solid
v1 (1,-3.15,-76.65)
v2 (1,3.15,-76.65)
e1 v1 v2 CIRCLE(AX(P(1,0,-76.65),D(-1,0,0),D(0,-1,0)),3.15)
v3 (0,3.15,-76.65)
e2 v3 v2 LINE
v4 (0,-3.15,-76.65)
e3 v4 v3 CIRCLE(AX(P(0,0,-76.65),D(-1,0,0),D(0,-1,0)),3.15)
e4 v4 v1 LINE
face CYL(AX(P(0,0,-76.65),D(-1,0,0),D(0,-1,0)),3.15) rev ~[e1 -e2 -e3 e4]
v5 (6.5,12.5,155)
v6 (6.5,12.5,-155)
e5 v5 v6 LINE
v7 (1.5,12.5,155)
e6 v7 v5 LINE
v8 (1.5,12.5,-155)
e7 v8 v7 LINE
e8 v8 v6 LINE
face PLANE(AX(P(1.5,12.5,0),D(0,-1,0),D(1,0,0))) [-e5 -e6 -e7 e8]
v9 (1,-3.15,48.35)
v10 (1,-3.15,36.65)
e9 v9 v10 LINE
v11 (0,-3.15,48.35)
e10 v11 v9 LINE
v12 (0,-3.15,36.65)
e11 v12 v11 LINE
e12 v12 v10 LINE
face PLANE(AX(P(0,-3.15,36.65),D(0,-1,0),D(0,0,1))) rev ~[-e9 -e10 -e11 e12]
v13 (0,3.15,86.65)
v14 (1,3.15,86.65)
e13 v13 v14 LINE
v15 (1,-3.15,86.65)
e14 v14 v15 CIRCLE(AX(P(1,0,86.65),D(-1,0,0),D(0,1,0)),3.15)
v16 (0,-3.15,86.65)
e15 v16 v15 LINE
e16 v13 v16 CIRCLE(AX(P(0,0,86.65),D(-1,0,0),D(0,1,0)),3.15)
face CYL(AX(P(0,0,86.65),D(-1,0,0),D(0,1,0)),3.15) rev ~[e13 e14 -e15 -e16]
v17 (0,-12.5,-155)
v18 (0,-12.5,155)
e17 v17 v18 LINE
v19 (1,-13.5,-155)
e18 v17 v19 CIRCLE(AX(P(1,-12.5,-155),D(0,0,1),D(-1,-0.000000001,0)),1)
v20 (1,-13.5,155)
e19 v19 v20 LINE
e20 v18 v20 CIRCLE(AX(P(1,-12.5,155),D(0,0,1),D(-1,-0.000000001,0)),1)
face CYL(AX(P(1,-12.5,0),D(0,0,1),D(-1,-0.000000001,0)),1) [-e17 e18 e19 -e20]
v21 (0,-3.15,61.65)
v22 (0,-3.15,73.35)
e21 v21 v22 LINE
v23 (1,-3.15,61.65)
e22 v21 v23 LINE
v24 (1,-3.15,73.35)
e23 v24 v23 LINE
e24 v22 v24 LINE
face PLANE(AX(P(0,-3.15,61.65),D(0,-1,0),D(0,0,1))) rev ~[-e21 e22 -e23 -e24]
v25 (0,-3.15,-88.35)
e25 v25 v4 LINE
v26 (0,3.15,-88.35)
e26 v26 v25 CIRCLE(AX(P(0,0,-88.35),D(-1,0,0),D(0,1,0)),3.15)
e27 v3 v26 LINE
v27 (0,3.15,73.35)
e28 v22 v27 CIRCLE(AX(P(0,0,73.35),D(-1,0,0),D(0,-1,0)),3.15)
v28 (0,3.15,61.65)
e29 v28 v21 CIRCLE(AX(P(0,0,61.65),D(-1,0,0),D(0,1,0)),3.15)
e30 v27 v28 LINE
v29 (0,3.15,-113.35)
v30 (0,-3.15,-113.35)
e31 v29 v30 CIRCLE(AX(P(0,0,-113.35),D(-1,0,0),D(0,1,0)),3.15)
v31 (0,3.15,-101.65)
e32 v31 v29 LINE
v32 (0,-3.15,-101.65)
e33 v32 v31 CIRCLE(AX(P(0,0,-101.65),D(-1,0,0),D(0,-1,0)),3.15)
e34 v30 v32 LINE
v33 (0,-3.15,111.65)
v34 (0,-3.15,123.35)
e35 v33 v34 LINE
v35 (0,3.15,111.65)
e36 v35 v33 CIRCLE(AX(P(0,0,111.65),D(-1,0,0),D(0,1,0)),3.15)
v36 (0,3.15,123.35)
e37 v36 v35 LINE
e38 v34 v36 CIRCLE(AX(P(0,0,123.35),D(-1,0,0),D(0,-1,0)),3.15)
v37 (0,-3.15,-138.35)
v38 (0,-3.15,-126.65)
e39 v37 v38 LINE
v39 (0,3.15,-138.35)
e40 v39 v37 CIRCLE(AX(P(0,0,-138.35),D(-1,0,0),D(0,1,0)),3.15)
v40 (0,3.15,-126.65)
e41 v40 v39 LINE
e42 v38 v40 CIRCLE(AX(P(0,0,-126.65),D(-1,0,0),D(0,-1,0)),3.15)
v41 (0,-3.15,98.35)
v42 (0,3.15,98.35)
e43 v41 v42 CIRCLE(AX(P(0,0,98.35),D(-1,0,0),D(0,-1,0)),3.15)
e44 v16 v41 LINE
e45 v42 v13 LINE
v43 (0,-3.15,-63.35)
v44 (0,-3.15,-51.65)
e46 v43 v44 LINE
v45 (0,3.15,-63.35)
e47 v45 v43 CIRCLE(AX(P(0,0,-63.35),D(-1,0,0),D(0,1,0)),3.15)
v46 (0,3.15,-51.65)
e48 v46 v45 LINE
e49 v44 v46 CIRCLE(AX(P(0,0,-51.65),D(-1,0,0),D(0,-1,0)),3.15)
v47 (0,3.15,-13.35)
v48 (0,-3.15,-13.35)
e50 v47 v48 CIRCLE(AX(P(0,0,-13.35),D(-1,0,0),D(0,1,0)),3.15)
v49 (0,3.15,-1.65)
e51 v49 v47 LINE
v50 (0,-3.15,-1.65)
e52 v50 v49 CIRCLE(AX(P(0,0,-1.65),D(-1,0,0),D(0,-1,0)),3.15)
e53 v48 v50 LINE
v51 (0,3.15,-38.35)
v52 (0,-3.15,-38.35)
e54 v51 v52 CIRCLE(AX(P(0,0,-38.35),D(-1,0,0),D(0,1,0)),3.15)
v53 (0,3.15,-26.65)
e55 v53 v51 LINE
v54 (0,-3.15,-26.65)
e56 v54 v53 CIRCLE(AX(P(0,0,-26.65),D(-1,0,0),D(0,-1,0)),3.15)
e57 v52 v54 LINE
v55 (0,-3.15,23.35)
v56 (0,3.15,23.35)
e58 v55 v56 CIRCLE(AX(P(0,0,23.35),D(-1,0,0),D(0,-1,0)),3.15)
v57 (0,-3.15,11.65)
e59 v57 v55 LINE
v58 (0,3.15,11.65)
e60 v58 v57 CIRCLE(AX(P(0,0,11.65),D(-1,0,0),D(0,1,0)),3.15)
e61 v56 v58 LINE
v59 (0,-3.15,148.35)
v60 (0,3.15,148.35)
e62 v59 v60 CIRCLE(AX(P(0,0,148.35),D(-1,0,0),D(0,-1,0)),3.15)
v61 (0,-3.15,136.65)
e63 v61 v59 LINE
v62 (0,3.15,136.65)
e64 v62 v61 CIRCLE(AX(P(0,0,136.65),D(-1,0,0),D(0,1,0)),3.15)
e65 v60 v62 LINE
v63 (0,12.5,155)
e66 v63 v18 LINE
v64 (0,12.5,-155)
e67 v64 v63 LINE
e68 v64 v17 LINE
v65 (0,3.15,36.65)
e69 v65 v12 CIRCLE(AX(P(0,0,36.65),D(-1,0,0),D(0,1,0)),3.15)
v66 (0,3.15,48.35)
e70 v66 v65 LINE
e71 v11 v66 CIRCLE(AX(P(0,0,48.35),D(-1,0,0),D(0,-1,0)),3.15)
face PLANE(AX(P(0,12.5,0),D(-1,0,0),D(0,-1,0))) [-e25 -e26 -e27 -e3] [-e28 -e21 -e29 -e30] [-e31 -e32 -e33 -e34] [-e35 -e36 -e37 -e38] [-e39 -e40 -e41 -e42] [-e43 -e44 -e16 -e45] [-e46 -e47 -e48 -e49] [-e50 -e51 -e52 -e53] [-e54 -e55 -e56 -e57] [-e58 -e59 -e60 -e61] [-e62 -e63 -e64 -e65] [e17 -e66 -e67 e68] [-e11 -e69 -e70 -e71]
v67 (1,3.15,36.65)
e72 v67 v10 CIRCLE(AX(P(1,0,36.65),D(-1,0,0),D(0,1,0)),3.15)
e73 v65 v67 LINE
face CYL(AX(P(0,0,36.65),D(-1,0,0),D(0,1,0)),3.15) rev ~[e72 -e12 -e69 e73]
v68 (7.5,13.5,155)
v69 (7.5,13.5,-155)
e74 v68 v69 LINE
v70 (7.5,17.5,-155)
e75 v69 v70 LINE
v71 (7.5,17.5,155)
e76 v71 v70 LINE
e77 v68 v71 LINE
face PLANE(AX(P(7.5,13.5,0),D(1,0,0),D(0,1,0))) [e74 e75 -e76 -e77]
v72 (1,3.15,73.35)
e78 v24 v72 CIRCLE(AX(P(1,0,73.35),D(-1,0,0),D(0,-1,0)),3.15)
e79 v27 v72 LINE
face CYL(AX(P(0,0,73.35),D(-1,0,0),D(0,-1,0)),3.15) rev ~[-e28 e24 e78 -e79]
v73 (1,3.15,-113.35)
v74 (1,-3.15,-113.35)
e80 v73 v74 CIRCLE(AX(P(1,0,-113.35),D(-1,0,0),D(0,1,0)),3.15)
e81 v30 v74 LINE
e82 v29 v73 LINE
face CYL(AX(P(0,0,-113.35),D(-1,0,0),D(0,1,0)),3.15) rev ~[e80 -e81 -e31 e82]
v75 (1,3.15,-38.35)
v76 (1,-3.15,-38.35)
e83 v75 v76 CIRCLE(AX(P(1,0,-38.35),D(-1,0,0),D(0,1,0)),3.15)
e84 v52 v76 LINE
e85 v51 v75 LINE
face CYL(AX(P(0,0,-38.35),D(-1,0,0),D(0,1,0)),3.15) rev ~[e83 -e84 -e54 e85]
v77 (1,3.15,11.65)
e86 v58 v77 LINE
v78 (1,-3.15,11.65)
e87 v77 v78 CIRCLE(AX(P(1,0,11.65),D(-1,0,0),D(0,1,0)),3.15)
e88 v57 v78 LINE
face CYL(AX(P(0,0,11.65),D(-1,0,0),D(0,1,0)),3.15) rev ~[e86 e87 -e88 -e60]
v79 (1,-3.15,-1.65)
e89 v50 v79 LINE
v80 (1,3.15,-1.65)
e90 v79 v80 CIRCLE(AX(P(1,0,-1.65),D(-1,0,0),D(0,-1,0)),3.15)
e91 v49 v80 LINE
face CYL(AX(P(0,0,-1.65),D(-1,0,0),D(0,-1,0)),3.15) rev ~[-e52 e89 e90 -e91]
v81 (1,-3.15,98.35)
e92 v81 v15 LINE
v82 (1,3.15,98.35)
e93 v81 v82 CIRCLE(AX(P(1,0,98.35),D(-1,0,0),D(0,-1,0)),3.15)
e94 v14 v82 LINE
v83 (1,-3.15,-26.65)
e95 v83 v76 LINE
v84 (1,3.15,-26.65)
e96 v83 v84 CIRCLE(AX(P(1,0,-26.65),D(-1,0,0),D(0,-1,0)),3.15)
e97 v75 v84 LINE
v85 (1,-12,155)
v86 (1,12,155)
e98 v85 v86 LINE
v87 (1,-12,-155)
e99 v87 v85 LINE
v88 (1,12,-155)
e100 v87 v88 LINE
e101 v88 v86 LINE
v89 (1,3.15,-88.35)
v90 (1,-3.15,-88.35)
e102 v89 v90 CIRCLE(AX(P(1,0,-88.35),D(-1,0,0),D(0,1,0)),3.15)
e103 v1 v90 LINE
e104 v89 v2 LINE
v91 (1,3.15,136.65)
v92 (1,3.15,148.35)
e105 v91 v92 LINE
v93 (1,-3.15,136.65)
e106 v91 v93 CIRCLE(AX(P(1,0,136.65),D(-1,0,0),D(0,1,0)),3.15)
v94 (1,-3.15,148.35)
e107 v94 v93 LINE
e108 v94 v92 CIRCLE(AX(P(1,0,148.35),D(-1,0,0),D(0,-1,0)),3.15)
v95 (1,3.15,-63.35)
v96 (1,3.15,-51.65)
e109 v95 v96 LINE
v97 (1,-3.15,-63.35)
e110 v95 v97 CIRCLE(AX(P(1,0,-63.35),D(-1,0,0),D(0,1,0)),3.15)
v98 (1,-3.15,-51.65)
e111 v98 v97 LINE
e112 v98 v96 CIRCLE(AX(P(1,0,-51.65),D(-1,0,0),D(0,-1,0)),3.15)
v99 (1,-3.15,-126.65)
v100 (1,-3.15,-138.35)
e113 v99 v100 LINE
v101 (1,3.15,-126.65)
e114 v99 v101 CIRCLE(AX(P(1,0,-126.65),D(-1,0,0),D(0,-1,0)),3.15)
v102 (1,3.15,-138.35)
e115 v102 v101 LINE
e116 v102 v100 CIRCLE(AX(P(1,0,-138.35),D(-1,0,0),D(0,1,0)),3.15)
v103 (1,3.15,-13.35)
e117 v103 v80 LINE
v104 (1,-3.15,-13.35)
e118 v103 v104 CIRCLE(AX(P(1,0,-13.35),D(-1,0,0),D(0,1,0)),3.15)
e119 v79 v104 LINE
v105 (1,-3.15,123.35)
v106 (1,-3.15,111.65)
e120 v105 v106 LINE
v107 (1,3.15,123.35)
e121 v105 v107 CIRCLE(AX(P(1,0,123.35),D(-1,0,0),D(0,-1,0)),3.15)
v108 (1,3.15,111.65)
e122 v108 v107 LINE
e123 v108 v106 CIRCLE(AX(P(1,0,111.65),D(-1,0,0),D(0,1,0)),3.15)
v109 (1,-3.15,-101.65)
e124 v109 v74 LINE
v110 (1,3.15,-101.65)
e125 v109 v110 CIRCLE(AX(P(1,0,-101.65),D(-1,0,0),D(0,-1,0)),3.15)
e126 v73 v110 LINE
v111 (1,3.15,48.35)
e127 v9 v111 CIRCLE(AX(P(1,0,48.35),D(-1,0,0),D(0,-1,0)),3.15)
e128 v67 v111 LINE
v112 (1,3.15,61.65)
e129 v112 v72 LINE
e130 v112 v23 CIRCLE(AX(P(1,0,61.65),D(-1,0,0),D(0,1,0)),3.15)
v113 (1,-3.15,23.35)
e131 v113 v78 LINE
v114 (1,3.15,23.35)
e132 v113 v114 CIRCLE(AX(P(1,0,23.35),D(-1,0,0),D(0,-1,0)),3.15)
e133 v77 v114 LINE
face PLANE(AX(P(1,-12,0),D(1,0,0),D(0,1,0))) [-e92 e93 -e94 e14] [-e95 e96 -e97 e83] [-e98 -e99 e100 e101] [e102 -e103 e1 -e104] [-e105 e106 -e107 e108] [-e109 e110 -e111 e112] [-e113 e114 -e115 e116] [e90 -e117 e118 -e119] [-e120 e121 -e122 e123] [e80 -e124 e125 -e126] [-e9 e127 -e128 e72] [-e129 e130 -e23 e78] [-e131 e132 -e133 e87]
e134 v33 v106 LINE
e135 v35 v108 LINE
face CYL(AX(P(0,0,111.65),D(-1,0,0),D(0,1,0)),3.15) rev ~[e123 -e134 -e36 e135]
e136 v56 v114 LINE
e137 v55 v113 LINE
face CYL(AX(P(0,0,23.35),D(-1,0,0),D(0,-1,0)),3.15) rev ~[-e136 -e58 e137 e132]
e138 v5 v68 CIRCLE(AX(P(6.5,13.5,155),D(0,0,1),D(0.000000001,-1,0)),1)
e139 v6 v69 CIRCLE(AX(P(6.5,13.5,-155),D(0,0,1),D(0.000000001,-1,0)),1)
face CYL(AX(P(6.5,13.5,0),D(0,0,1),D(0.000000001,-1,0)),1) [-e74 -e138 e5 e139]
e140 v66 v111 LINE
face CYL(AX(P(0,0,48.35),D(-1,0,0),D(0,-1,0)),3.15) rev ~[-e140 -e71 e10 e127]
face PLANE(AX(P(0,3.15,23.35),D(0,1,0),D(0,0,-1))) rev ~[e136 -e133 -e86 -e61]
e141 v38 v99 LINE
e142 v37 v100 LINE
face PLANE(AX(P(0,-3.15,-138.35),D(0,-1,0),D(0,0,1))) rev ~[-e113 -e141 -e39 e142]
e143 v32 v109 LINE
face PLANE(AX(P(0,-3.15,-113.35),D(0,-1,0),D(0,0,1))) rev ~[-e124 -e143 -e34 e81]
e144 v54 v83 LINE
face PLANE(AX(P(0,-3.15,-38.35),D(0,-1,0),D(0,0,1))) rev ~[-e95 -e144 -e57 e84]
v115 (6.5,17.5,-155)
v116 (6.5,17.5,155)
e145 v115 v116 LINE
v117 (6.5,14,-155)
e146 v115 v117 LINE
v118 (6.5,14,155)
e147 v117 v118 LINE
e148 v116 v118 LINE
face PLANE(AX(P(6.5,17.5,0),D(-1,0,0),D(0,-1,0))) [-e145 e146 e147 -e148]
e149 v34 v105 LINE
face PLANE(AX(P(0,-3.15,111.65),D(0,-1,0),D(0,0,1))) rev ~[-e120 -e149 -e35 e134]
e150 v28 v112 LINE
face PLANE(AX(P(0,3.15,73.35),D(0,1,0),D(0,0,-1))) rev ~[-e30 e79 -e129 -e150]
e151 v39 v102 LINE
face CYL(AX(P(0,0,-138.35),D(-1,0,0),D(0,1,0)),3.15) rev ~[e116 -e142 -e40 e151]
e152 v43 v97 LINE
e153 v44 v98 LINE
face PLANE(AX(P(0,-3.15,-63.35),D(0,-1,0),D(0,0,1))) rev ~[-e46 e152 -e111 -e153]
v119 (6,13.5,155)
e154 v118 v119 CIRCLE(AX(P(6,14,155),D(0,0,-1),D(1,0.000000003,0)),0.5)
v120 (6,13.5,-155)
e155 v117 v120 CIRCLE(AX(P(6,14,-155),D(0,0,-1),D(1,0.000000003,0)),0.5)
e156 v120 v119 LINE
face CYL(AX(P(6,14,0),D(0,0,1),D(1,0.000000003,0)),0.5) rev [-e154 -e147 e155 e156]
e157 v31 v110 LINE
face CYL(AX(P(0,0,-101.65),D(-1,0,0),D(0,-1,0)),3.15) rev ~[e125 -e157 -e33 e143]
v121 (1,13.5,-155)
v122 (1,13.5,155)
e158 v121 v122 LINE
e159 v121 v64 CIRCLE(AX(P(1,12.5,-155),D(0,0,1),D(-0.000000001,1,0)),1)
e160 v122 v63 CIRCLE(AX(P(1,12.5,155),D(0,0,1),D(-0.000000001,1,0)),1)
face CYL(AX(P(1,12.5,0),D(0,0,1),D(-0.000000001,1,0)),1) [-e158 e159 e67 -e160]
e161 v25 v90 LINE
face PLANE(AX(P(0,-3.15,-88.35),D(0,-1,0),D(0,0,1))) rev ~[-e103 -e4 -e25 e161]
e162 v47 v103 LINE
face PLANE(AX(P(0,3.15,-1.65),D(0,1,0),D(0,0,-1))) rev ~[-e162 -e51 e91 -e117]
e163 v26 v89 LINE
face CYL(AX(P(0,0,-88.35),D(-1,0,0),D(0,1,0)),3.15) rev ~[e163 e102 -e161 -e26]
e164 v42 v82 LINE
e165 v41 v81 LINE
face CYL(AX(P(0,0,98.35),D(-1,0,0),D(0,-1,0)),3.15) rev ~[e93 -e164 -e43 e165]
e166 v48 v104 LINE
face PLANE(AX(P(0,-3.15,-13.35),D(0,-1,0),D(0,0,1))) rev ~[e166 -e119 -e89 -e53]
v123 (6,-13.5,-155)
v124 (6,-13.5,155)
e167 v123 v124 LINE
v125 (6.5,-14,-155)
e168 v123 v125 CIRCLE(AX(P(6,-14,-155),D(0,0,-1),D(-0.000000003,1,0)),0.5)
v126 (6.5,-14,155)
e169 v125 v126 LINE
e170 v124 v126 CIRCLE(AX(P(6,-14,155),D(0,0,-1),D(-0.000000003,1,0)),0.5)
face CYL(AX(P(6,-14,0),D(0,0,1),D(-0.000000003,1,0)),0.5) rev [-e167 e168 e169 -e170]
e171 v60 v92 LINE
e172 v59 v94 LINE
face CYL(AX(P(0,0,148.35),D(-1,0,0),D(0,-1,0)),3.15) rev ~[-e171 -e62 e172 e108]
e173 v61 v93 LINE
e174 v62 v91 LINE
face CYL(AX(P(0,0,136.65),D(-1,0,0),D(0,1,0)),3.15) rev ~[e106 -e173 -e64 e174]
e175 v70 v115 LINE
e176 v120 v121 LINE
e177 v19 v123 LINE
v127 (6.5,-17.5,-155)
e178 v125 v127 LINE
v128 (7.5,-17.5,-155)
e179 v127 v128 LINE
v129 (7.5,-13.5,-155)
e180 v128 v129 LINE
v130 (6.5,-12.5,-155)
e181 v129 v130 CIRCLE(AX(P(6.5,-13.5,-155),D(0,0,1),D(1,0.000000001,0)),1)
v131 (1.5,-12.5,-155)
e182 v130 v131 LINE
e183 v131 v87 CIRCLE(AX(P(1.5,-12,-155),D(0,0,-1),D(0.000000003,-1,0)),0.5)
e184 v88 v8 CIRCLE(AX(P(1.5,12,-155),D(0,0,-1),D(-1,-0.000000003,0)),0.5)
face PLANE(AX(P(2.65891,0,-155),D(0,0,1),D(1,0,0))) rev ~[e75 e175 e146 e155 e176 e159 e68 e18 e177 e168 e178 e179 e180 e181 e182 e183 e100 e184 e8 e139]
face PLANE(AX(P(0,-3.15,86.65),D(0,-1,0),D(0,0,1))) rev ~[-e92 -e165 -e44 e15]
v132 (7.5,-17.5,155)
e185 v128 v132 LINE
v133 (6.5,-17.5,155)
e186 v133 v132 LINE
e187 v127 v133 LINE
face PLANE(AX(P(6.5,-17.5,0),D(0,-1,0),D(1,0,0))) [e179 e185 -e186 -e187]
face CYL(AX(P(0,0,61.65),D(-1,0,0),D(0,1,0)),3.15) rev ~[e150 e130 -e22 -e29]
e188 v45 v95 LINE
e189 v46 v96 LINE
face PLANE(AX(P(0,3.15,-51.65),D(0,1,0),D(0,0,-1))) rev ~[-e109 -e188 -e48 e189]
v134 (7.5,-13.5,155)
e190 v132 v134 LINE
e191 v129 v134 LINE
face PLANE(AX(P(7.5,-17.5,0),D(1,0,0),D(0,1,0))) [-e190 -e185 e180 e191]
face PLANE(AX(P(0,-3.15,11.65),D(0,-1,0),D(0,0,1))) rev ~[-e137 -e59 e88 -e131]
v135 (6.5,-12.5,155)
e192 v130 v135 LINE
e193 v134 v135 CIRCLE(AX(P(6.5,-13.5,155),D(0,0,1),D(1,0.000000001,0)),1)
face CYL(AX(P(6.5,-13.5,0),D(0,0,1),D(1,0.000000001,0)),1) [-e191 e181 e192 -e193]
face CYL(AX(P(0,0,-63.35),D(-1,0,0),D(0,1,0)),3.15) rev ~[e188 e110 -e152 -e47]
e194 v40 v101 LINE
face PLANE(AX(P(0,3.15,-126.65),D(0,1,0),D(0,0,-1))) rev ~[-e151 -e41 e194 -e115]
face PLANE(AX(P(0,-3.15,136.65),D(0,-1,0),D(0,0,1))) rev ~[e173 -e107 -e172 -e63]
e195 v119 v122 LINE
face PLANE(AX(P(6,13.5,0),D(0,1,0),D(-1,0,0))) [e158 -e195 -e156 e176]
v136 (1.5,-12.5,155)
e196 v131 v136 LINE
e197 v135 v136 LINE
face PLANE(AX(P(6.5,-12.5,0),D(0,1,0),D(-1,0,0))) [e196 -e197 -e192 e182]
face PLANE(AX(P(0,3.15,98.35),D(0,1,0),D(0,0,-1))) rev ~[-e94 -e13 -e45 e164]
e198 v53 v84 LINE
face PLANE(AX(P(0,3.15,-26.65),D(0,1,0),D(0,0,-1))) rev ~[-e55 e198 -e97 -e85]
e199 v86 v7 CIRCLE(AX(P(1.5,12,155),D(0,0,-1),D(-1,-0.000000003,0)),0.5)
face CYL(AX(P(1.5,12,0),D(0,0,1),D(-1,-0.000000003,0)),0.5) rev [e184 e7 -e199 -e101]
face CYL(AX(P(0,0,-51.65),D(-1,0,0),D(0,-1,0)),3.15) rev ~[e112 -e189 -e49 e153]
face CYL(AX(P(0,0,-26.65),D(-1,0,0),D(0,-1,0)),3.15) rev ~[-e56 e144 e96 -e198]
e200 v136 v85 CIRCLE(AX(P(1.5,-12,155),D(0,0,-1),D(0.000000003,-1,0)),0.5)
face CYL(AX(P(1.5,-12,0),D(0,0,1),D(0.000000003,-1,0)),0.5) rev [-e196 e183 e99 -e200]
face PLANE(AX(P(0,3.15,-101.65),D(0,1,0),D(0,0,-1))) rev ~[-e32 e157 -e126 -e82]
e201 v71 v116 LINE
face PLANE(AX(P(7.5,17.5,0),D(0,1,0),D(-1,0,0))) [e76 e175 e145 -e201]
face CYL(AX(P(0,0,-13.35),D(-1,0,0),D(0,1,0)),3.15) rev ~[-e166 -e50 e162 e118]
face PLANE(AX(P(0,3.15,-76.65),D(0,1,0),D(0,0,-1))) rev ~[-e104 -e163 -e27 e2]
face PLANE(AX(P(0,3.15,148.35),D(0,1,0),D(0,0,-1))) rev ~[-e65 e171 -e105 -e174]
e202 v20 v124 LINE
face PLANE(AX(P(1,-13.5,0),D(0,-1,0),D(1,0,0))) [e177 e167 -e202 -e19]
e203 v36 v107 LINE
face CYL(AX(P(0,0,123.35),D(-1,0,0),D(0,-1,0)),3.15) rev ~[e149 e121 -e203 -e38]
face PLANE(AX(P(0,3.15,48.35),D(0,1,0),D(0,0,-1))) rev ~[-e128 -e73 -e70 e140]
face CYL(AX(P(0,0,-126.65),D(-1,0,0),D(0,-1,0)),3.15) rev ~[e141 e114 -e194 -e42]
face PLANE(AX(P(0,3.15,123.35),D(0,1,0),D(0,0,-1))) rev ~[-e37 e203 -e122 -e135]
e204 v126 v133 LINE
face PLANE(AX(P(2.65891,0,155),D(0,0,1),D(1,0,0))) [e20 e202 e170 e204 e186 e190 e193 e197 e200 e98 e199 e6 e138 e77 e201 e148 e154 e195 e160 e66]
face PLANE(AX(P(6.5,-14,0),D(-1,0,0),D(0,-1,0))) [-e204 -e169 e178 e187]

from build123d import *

# Parameters (mm, degrees)
BOSS_EXTRUDE1_DEPTH = 155
CUT_EXTRUDE1_DEPTH  = 7.5
LPATTERN1_COUNT     = 12
LPATTERN1_PITCH     = 25


with BuildPart() as part:
    # Sketch1 → Boss-Extrude1 (new, symmetric)
    with BuildSketch(Plane.XY):
        with BuildLine():
            Line((7.5, 17.5), (6.5, 17.5))
            Line((6.5, 17.5), (6.5, 14))
            ThreePointArc((6.5, 14), (6.353553391, 13.646446609), (6, 13.5))
            Line((6, 13.5), (1, 13.5))
            ThreePointArc((1, 13.5), (0.292893219, 13.207106781), (0, 12.5))
            Line((0, 12.5), (0, -12.5))
            ThreePointArc((0, -12.5), (0.292893219, -13.207106781), (1, -13.5))
            Line((1, -13.5), (6, -13.5))
            ThreePointArc((6, -13.5), (6.353553391, -13.646446609), (6.5, -14))
            Line((6.5, -14), (6.5, -17.5))
            Line((6.5, -17.5), (7.5, -17.5))
            Line((7.5, -17.5), (7.5, -13.5))
            ThreePointArc((7.5, -13.5), (7.207106781, -12.792893219), (6.5, -12.5))
            Line((6.5, -12.5), (1.5, -12.5))
            ThreePointArc((1.5, -12.5), (1.146446609, -12.353553391), (1, -12))
            Line((1, -12), (1, 12))
            ThreePointArc((1, 12), (1.146446609, 12.353553391), (1.5, 12.5))
            Line((1.5, 12.5), (6.5, 12.5))
            ThreePointArc((6.5, 12.5), (7.207106781, 12.792893219), (7.5, 13.5))
            Line((7.5, 13.5), (7.5, 17.5))
        make_face()
    extrude(amount=BOSS_EXTRUDE1_DEPTH, both=True)

    # Sketch2 → Cut-Extrude1 (cut)
    with BuildSketch(Plane(origin=(0, 0, 0), x_dir=(0, 0, -1), z_dir=(1, 0, 0))):
        with BuildLine():
            Line((-148.35, 3.15), (-136.65, 3.15))
            ThreePointArc((-136.65, 3.15), (-133.5, 0), (-136.65, -3.15))
            Line((-136.65, -3.15), (-148.35, -3.15))
            ThreePointArc((-148.35, -3.15), (-151.5, 0), (-148.35, 3.15))
        make_face()
    cut_extrude1 = extrude(amount=CUT_EXTRUDE1_DEPTH, mode=Mode.SUBTRACT)

    # LPattern1: Cut-Extrude1 ×12
    with Locations(*[(0, 0, -i * LPATTERN1_PITCH) for i in range(1, LPATTERN1_COUNT)]):
        add(cut_extrude1, mode=Mode.SUBTRACT)


solid = part.part
